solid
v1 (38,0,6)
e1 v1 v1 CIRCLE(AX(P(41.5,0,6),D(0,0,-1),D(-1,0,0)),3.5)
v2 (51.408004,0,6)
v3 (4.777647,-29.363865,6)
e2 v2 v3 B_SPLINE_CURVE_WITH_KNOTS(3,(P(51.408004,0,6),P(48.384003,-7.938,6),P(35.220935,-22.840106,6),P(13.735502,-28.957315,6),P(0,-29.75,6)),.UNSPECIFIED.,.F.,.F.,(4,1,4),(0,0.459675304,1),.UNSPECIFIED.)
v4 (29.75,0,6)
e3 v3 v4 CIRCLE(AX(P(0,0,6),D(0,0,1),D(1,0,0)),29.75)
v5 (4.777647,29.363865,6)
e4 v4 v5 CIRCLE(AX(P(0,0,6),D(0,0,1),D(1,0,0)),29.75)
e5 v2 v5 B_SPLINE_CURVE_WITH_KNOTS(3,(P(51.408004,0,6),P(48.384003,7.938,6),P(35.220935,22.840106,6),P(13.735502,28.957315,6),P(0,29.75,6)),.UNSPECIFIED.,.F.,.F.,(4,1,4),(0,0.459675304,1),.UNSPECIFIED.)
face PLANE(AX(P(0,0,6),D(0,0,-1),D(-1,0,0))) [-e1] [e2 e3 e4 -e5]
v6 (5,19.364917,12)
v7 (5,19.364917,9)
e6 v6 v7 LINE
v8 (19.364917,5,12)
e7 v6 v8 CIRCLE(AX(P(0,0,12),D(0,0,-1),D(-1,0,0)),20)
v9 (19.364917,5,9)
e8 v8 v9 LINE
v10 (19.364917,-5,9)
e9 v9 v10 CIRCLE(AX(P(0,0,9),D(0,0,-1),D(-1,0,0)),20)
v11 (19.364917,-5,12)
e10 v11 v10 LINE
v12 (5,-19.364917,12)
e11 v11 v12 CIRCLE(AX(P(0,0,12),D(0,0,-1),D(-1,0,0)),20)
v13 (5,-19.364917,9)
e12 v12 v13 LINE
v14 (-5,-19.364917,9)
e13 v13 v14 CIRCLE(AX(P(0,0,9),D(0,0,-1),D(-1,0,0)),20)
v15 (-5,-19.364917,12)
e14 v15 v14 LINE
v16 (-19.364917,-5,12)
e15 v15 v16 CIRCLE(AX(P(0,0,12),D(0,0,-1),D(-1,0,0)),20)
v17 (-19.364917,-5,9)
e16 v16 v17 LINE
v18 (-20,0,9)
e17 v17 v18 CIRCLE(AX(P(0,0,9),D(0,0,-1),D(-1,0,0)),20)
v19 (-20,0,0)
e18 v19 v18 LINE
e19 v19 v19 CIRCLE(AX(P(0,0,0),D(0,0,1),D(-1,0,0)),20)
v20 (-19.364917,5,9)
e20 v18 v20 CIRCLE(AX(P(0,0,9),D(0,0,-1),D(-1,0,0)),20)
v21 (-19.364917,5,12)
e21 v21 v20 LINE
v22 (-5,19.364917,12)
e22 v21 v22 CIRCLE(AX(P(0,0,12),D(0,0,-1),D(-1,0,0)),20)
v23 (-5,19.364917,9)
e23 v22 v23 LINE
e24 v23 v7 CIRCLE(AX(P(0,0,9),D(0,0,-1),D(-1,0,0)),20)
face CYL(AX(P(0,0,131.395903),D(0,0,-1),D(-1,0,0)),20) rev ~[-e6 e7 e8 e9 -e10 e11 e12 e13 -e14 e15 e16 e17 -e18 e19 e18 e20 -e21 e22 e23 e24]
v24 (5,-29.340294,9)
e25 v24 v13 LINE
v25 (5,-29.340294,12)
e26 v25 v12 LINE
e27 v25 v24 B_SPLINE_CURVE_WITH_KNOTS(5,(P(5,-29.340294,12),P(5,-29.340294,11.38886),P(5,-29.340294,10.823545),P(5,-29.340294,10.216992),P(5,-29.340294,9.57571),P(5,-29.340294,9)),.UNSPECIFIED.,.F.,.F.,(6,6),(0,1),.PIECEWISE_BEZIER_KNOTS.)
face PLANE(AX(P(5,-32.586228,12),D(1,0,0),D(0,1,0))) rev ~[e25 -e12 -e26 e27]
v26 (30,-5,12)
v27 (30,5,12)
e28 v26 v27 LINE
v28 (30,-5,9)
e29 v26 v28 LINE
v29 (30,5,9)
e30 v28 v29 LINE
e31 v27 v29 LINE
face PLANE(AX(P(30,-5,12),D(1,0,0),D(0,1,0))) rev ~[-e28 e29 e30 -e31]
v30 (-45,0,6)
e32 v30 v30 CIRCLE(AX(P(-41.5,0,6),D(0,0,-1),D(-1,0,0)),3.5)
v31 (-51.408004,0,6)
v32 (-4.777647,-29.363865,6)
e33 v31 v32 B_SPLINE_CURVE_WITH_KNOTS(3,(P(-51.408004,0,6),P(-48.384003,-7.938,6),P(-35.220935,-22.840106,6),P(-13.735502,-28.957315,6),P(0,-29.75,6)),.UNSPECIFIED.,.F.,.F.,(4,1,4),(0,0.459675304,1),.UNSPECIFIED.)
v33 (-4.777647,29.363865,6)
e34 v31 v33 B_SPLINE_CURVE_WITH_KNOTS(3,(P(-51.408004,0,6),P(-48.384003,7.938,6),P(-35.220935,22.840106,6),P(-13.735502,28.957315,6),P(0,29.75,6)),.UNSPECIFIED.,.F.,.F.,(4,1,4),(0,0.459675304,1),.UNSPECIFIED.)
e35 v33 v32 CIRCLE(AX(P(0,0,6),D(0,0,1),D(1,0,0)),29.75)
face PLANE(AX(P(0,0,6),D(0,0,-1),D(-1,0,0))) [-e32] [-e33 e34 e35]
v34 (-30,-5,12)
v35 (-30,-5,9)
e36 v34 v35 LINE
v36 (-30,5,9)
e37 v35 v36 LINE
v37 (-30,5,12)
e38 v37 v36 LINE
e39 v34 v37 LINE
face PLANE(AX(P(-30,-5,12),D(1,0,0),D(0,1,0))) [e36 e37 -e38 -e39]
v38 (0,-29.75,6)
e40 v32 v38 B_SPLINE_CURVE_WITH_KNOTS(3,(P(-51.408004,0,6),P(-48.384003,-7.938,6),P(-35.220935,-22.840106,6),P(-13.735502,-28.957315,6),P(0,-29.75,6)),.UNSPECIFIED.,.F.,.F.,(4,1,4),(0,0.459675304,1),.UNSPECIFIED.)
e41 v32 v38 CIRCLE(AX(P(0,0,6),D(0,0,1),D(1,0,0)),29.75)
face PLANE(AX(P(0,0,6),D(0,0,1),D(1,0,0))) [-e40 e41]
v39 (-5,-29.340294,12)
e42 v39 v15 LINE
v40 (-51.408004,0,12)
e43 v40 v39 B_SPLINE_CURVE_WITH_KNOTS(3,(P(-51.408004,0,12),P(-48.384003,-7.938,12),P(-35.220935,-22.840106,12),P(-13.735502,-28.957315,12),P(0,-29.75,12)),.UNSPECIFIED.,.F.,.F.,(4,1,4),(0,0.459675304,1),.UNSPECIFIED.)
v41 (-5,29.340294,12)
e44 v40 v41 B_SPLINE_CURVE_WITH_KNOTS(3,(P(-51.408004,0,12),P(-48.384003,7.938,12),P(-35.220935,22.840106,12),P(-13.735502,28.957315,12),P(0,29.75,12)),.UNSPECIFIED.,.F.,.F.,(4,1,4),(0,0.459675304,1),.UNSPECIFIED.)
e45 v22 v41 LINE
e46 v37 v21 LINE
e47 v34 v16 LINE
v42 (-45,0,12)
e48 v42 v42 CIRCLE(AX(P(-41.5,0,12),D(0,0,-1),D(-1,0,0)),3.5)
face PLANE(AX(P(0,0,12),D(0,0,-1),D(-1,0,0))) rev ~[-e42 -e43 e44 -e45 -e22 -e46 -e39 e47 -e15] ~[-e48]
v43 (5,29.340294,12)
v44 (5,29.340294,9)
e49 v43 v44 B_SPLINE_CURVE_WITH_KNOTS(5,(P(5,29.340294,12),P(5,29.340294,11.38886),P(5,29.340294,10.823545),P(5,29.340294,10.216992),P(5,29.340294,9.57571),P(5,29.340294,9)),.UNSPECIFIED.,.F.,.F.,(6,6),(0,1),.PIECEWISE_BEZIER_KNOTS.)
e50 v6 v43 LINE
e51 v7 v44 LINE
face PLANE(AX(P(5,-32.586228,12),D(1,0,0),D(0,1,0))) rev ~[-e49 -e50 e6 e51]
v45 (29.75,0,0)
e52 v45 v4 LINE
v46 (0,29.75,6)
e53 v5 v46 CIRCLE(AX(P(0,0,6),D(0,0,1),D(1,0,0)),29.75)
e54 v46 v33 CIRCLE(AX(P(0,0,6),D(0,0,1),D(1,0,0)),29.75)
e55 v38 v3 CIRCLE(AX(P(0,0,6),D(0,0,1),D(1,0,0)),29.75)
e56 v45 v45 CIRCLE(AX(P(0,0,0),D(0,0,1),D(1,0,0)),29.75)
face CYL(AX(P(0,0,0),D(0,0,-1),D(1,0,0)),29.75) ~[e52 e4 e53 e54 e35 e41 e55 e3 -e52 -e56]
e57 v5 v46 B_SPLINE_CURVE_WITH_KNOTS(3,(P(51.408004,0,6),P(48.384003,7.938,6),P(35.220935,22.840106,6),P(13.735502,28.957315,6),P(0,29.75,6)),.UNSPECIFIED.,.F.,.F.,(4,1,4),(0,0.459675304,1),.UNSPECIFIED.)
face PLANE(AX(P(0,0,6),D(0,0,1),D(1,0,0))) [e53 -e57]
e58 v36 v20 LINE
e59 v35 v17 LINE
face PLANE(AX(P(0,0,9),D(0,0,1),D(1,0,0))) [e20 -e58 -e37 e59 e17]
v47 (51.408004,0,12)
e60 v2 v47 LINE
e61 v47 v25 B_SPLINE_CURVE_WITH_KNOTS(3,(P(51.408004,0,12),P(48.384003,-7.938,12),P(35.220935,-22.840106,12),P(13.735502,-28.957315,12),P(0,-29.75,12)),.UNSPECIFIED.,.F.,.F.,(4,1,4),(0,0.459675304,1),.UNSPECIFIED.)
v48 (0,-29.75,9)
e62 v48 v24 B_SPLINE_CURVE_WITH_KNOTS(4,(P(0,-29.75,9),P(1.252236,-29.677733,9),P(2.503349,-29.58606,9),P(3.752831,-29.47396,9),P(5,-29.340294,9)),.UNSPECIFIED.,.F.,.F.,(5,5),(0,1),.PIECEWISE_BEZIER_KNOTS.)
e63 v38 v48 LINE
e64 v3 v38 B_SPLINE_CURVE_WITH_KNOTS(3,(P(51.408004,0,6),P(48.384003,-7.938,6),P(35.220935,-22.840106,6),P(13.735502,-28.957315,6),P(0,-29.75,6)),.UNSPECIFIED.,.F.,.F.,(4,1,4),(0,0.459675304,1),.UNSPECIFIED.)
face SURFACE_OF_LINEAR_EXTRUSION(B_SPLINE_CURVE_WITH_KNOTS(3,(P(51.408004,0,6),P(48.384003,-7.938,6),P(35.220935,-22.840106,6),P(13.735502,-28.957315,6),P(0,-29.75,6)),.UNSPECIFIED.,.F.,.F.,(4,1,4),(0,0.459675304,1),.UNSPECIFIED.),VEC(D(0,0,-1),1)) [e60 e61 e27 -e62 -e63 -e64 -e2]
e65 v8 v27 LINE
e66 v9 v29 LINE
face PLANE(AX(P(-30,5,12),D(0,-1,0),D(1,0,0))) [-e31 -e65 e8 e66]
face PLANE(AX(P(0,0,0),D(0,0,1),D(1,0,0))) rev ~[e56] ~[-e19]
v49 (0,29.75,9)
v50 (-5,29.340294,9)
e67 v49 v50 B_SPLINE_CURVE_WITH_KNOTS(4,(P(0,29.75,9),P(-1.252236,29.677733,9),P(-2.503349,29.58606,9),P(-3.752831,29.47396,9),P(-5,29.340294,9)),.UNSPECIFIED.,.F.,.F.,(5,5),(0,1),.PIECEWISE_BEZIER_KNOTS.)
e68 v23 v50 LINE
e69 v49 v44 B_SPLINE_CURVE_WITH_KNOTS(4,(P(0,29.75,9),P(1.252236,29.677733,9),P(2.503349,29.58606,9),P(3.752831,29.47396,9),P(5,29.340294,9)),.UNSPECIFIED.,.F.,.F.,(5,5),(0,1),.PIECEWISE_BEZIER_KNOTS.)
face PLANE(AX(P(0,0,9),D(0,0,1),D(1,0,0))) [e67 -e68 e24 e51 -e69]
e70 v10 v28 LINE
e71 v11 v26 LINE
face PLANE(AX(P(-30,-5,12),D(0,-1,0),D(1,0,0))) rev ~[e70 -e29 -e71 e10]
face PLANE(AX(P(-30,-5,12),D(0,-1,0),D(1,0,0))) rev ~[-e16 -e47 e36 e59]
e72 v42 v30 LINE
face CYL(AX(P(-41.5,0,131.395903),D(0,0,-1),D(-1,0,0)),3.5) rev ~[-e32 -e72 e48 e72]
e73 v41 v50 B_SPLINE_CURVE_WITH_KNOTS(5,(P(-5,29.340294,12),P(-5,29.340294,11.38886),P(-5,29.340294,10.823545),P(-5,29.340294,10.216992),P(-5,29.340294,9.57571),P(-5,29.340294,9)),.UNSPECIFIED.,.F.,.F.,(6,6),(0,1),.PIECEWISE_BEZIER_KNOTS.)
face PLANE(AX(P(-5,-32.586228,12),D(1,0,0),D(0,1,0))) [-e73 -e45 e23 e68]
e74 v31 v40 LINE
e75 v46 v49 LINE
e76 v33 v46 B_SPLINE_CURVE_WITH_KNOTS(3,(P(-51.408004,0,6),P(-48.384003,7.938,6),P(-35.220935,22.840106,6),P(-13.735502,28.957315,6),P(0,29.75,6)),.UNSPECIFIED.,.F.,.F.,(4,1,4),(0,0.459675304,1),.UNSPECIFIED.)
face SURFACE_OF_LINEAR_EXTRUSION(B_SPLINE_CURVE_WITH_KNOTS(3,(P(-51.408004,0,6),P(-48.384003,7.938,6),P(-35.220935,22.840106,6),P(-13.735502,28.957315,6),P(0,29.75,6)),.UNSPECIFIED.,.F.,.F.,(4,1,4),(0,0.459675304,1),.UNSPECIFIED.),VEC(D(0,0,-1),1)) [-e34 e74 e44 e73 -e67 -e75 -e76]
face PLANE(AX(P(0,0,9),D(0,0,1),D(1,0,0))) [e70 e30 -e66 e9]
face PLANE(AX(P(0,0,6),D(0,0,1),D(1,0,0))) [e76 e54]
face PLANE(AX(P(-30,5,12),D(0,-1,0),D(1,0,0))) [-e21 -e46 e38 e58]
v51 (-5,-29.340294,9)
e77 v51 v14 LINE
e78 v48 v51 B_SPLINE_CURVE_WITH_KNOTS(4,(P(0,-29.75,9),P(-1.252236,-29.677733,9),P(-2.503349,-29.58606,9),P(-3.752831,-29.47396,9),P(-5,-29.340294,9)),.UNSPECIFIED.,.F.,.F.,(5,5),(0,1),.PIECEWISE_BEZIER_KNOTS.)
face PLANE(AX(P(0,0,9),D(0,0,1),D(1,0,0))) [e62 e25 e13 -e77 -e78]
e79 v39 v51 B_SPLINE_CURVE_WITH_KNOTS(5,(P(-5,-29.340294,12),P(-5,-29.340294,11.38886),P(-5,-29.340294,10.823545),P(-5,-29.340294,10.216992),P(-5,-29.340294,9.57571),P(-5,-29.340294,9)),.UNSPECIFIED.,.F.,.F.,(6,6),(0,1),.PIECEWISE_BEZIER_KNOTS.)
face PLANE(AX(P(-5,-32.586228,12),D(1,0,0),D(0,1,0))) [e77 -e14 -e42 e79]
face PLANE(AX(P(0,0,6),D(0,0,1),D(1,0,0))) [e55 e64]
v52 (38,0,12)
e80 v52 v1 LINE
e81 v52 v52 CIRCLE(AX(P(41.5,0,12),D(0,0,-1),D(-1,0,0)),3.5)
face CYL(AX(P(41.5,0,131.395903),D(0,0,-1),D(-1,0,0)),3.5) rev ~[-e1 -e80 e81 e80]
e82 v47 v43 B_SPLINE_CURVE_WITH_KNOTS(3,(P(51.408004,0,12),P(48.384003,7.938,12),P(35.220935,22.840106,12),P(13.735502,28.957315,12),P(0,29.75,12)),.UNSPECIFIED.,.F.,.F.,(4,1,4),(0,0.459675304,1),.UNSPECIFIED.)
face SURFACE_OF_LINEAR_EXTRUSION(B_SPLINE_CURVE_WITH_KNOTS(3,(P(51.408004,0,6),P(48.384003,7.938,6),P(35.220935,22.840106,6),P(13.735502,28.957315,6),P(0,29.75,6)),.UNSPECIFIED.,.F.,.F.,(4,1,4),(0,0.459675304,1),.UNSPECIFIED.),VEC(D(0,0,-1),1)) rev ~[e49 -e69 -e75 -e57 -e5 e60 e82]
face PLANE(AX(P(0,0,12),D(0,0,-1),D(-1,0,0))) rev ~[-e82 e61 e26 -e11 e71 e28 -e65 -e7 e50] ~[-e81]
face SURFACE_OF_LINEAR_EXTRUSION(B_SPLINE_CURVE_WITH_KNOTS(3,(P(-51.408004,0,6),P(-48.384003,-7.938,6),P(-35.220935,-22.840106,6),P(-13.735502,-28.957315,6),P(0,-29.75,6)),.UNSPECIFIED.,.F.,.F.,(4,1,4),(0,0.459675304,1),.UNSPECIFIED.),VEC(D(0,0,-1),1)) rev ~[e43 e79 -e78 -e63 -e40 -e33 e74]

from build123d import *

# Parameters (mm, degrees)
F0_R      = 29.75
F1_DEPTH  = 6
F3_D      = 40
F5_DEPTH  = 6
F7_D      = 40
F9_D      = 7
F10_W     = 10
F10_H     = 65.1724559439
F11_DEPTH = 3
F12_W     = 60
F12_H     = 10
F13_DEPTH = 3


with BuildPart() as f1:
    # F0 (on Top) → F1 (new body)
    with BuildSketch(Plane.XY):
        Circle(F0_R)
    extrude(amount=F1_DEPTH)

    # F3 (through all)
    with Locations(Plane(origin=(0, 0, 0), x_dir=(1, 0, 0), z_dir=(0, 0, -1))):
        with Locations((0, 0)):
            Hole(F3_D / 2)

    # F4 (on face) → F5 (join)
    with BuildSketch(Plane.XY.offset(6)):
        with BuildLine():
            add(Edge.make_bspline(
                [(-51.4080040157, 0), (-48.3840033412, 7.9380003735), (-35.2209347961, 22.8401058322), (-13.735502027, 28.9573147893), (0, 29.75)],
                knots=[0, 0, 0, 0, 0.4596753041, 1, 1, 1, 1], degree=3))
            add(Edge.make_bspline(
                [(-51.4080040157, 0), (-48.3840033412, -7.9380003735), (-35.2209347961, -22.8401058322), (-13.735502027, -28.9573147893), (0, -29.75)],
                knots=[0, 0, 0, 0, 0.4596753041, 1, 1, 1, 1], degree=3))
            add(Edge.make_bspline(
                [(51.4080040157, 0), (48.3840033412, -7.9380003735), (35.2209347961, -22.8401058322), (13.735502027, -28.9573147893), (0, -29.75)],
                knots=[0, 0, 0, 0, 0.4596753041, 1, 1, 1, 1], degree=3))
            add(Edge.make_bspline(
                [(51.4080040157, 0), (48.3840033412, 7.9380003735), (35.2209347961, 22.8401058322), (13.735502027, 28.9573147893), (0, 29.75)],
                knots=[0, 0, 0, 0, 0.4596753041, 1, 1, 1, 1], degree=3))
        make_face()
    extrude(amount=F5_DEPTH)

    # F7 (through all)
    with Locations(Plane.XY.offset(12)):
        with Locations((0, 0)):
            Hole(F7_D / 2)

    # F9 (through all)
    with Locations(Plane.XY.offset(12)):
        with Locations((-41.5, 0), (41.5, 0)):
            Hole(F9_D / 2)

    # F10 (on face) → F11 (cut)
    with BuildSketch(Plane.XY.offset(12)):
        Rectangle(F10_W, F10_H)
    extrude(amount=-F11_DEPTH, mode=Mode.SUBTRACT)

    # F12 (on face) → F13 (cut)
    with BuildSketch(Plane.XY.offset(12)):
        Rectangle(F12_W, F12_H)
    extrude(amount=-F13_DEPTH, mode=Mode.SUBTRACT)


solid = f1.part
